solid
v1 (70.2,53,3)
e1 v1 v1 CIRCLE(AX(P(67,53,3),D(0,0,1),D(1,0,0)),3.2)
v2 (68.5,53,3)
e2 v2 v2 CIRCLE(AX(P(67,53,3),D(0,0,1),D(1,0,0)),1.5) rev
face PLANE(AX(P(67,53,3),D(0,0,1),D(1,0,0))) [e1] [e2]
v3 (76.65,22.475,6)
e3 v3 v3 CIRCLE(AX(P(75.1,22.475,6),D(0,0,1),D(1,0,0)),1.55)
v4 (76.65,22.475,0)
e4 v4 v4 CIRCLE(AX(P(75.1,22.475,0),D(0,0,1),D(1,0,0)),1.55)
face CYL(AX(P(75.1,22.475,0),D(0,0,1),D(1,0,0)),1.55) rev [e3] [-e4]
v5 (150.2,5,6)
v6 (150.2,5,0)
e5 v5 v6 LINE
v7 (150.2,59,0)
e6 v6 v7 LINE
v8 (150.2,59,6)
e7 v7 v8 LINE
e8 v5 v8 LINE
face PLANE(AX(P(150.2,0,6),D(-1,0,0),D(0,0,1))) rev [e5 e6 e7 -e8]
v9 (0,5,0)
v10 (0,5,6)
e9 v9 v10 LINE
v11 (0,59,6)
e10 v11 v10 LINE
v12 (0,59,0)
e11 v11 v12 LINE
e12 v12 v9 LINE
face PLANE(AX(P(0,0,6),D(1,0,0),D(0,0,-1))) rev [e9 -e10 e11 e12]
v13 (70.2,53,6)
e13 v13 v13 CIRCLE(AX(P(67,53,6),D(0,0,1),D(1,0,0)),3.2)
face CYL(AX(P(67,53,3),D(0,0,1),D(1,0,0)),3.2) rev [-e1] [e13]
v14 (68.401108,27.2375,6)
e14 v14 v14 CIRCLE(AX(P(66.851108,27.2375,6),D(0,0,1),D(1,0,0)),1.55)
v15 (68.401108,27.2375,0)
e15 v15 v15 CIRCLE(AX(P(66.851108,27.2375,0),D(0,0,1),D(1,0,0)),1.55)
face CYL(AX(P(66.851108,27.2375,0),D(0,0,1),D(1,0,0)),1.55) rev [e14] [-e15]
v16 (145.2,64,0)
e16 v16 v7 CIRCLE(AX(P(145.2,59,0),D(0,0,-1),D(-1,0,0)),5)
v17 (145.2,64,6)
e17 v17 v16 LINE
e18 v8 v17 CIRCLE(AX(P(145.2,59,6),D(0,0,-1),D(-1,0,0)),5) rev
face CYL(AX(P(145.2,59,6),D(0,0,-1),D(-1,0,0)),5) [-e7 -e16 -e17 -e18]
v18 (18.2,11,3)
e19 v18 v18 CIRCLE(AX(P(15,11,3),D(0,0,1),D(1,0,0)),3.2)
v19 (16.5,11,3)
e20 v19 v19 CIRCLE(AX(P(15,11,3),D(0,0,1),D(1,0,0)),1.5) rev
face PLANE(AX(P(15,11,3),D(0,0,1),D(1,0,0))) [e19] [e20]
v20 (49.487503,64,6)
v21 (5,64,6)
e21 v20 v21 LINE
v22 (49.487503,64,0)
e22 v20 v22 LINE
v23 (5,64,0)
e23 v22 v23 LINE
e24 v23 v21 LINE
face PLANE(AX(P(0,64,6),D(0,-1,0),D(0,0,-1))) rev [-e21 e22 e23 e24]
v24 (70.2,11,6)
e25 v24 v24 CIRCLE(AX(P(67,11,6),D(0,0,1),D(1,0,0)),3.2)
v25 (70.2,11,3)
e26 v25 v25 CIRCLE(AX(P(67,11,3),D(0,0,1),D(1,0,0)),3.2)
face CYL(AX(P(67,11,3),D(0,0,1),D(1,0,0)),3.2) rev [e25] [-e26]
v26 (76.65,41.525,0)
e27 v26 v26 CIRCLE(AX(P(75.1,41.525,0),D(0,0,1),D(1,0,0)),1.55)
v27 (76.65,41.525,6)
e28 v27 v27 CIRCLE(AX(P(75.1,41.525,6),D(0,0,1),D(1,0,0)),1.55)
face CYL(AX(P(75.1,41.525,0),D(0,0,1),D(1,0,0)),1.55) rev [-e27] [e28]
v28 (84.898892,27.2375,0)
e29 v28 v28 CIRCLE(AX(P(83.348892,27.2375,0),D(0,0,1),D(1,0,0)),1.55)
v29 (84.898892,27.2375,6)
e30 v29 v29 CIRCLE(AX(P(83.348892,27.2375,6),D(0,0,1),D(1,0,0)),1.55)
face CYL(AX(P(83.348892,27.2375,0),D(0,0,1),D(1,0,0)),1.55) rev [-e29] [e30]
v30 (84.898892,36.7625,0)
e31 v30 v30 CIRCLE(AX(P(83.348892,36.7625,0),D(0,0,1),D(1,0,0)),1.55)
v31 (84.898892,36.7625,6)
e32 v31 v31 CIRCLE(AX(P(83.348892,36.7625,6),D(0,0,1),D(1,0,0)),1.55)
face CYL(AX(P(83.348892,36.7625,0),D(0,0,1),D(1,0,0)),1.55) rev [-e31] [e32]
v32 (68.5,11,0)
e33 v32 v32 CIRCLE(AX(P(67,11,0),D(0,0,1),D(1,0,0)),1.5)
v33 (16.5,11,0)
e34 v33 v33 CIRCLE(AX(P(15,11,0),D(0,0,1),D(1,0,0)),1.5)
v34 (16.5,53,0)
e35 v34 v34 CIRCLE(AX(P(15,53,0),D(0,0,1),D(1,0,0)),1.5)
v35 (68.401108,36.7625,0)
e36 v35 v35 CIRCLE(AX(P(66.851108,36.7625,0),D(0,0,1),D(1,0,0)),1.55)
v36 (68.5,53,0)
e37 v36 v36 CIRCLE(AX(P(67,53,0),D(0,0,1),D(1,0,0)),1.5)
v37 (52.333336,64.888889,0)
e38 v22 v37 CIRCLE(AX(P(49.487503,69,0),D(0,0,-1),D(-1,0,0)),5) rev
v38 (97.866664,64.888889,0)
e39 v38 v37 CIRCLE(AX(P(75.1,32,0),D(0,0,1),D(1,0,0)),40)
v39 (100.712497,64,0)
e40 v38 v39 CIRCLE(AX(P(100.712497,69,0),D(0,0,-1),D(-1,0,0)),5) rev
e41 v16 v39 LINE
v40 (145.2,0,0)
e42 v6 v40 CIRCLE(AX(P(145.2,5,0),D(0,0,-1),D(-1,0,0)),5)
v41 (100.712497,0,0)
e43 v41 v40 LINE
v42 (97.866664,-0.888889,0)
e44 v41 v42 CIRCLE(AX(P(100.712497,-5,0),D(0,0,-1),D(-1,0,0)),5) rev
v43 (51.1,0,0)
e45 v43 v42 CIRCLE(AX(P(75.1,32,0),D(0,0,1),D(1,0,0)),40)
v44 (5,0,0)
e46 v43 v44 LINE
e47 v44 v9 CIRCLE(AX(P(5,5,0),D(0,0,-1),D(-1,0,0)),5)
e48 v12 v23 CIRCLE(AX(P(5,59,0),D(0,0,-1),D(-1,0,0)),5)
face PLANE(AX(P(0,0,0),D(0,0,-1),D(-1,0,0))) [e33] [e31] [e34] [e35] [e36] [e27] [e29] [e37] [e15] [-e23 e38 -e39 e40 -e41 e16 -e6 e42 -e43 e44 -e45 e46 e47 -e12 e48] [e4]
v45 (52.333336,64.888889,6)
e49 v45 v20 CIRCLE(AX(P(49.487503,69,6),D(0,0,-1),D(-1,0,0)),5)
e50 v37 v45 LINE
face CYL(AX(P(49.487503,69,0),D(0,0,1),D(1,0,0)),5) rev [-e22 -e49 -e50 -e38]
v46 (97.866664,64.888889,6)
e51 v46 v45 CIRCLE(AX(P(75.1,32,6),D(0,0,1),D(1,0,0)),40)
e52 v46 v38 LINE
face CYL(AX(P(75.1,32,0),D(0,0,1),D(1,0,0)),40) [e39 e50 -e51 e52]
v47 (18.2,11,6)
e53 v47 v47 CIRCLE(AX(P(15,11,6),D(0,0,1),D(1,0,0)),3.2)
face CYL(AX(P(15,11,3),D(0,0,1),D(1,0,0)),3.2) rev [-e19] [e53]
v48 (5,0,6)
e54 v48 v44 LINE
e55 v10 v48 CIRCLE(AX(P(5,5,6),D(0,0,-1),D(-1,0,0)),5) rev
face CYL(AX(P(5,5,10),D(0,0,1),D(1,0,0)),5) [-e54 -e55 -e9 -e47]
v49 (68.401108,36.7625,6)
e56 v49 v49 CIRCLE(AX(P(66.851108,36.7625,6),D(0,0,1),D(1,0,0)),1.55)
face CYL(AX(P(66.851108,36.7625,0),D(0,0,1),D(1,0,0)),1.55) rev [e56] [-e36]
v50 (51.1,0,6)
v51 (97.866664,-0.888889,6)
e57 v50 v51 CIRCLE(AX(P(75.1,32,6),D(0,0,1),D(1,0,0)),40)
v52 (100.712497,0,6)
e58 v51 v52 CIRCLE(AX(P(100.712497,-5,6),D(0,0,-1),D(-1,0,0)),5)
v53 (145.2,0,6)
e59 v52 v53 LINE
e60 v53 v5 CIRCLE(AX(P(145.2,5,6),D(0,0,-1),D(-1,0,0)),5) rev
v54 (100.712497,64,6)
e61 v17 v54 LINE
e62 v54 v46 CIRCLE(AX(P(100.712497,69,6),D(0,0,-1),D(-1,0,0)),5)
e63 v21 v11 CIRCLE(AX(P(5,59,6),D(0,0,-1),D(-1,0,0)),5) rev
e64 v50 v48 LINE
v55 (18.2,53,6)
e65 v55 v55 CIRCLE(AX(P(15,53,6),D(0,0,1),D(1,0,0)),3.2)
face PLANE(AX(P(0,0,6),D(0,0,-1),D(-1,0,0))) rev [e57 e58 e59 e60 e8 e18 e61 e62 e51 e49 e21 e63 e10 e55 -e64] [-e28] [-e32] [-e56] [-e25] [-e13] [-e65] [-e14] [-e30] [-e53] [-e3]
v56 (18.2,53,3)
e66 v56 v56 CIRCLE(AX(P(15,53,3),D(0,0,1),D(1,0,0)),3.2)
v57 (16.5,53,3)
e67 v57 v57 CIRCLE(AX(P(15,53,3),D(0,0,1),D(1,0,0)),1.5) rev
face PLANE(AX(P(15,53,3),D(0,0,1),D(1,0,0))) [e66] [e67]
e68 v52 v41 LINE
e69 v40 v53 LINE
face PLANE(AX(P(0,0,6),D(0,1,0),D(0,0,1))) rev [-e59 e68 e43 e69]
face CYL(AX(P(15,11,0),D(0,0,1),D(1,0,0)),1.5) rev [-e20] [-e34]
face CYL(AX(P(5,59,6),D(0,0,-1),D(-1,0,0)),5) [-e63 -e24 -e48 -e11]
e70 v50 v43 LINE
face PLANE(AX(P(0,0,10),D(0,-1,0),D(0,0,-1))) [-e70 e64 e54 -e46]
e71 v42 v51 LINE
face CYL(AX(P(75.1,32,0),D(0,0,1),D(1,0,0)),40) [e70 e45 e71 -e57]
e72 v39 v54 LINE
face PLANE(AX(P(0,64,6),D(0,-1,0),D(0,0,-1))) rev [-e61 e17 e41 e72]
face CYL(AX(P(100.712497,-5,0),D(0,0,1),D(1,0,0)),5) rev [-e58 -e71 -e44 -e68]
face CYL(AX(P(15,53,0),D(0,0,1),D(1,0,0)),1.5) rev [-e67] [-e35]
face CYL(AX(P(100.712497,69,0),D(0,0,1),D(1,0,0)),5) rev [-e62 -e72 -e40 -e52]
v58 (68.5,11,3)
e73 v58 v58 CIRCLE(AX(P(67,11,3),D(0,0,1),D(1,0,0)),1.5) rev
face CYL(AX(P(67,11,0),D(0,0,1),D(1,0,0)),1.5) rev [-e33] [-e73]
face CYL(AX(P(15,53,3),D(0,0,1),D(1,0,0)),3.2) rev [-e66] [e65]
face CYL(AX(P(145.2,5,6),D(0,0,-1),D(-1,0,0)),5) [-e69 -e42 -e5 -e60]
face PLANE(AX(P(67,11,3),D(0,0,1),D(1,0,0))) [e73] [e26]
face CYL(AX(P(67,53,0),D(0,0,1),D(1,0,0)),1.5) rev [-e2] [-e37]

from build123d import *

# Parameters (mm, degrees)
SKETCH1_W                = 150.2
SKETCH1_H                = 64
BOSS_EXTRUDE1_DEPTH      = 6
FILLET1_R                = 5
BOSS_EXTRUDE2_DEPTH      = 40
BOSS_EXTRUDE2_DEPTH_BACK = 10
SKETCH2_W                = 60
SKETCH2_H                = 6
FILLET2_R                = 5
SKETCH3_R                = 40
BOSS_EXTRUDE4_DEPTH      = 6
FILLET4_R                = 5
SKETCH4_R                = 1.55
CUT_EXTRUDE1_DEPTH       = 167.673453195
CUT_EXTRUDE2_START       = -10
CUT_EXTRUDE2_DEPTH       = 10
FILLET5_R                = 5
SKETCH6_R                = 1.5
CUT_EXTRUDE3_DEPTH       = 167.673453195
SKETCH7_R                = 1.5
CUT_EXTRUDE4_DEPTH       = 167.673453195
SKETCH9_R                = 3.2
CUT_EXTRUDE5_DEPTH       = 3


with BuildPart() as part:
    # Sketch1 → Boss-Extrude1 (new body)
    with BuildSketch(Plane.XY):
        with Locations((75.1, 32)):
            Rectangle(SKETCH1_W, SKETCH1_H)
    extrude(amount=BOSS_EXTRUDE1_DEPTH)

    # Fillet1
    fillet1_edges = [part.edges().sort_by_distance(p)[0] for p in [
        (0, 64, 3),
        (150.2, 64, 3),
        (150.2, 0, 3),
        (0, 0, 3),
    ]]
    fillet(fillet1_edges, radius=FILLET1_R)

    # Sketch2 → Boss-Extrude2 (add, two sides: drawn at the far end of the back side and taken through both)
    with BuildSketch(Plane.XZ.offset(-BOSS_EXTRUDE2_DEPTH_BACK)):
        with Locations((30, 3)):
            Rectangle(SKETCH2_W, SKETCH2_H)
    extrude(amount=BOSS_EXTRUDE2_DEPTH + BOSS_EXTRUDE2_DEPTH_BACK)

    # Fillet2
    fillet2_edges = [part.edges().sort_by_distance(p)[0] for p in [
        (0, -40, 3),
        (60, -40, 3),
    ]]
    fillet(fillet2_edges, radius=FILLET2_R)

    # Sketch3 → Boss-Extrude4 (add)
    with BuildSketch(Plane.XY.offset(6)):
        with Locations((75.1, 32)):
            Circle(SKETCH3_R)
    extrude(amount=-BOSS_EXTRUDE4_DEPTH)

    # Fillet4
    fillet4_edges = [part.edges().sort_by_distance(p)[0] for p in [
        (60, -5.040383367, 3),
        (99.1, 0, 3),
        (99.1, 64, 3),
        (51.1, 64, 3),
    ]]
    fillet(fillet4_edges, radius=FILLET4_R)

    # Sketch4 → Cut-Extrude1 (cut, through all)
    with BuildSketch(Plane.XY.offset(6)):
        with Locations((75.1, 41.525)):
            Circle(SKETCH4_R)
        with Locations((83.348891971, 36.7625)):
            Circle(SKETCH4_R)
        with Locations((83.348891971, 27.2375)):
            Circle(SKETCH4_R)
        with Locations((75.1, 22.475)):
            Circle(SKETCH4_R)
        with Locations((66.851108029, 27.2375)):
            Circle(SKETCH4_R)
        with Locations((66.851108029, 36.7625)):
            Circle(SKETCH4_R)
    extrude(amount=-CUT_EXTRUDE1_DEPTH, mode=Mode.SUBTRACT)

    # Sketch5 → Cut-Extrude2 (cut)
    with BuildSketch(Plane(origin=(0, 0, 0), x_dir=(-1, 0, 0), z_dir=(0, 0, -1)).offset(CUT_EXTRUDE2_START)):
        with BuildLine():
            Line((0, 0), (-51.1, 0))
            ThreePointArc((-51.1, 0), (-58.245869166, -4.275863516), (-66.122222222, -6.979475448))
            ThreePointArc((-66.122222222, -6.979475448), (-61.886409718, -7.939678347), (-60, -11.851909879))
            Line((-60, -11.851909879), (-60, -35))
            ThreePointArc((-60, -35), (-58.535533906, -38.535533906), (-55, -40))
            Line((-55, -40), (-5, -40))
            ThreePointArc((-5, -40), (-1.464466094, -38.535533906), (0, -35))
            Line((0, -35), (0, 0))
        make_face()
    extrude(amount=CUT_EXTRUDE2_DEPTH, mode=Mode.SUBTRACT)

    # Fillet5
    fillet5_edges = [part.edges().sort_by_distance(p)[0] for p in [
        (0, 0, 3),
    ]]
    fillet(fillet5_edges, radius=FILLET5_R)

    # Sketch6 → Cut-Extrude3 (cut, through all)
    with BuildSketch(Plane.XY.offset(6)):
        with Locations((15, 11)):
            Circle(SKETCH6_R)
        with Locations((15, 53)):
            Circle(SKETCH6_R)
    extrude(amount=-CUT_EXTRUDE3_DEPTH, mode=Mode.SUBTRACT)

    # Sketch7 → Cut-Extrude4 (cut, through all)
    with BuildSketch(Plane.XY.offset(6)):
        with Locations((67, 53)):
            Circle(SKETCH7_R)
        with Locations((67, 11)):
            Circle(SKETCH7_R)
    extrude(amount=-CUT_EXTRUDE4_DEPTH, mode=Mode.SUBTRACT)

    # Sketch9 → Cut-Extrude5 (cut)
    with BuildSketch(Plane.XY.offset(6)):
        with Locations((15, 53)):
            Circle(SKETCH9_R)
        with Locations((67, 53)):
            Circle(SKETCH9_R)
        with Locations((15, 11)):
            Circle(SKETCH9_R)
        with Locations((67, 11)):
            Circle(SKETCH9_R)
    extrude(amount=-CUT_EXTRUDE5_DEPTH, mode=Mode.SUBTRACT)


solid = part.part
